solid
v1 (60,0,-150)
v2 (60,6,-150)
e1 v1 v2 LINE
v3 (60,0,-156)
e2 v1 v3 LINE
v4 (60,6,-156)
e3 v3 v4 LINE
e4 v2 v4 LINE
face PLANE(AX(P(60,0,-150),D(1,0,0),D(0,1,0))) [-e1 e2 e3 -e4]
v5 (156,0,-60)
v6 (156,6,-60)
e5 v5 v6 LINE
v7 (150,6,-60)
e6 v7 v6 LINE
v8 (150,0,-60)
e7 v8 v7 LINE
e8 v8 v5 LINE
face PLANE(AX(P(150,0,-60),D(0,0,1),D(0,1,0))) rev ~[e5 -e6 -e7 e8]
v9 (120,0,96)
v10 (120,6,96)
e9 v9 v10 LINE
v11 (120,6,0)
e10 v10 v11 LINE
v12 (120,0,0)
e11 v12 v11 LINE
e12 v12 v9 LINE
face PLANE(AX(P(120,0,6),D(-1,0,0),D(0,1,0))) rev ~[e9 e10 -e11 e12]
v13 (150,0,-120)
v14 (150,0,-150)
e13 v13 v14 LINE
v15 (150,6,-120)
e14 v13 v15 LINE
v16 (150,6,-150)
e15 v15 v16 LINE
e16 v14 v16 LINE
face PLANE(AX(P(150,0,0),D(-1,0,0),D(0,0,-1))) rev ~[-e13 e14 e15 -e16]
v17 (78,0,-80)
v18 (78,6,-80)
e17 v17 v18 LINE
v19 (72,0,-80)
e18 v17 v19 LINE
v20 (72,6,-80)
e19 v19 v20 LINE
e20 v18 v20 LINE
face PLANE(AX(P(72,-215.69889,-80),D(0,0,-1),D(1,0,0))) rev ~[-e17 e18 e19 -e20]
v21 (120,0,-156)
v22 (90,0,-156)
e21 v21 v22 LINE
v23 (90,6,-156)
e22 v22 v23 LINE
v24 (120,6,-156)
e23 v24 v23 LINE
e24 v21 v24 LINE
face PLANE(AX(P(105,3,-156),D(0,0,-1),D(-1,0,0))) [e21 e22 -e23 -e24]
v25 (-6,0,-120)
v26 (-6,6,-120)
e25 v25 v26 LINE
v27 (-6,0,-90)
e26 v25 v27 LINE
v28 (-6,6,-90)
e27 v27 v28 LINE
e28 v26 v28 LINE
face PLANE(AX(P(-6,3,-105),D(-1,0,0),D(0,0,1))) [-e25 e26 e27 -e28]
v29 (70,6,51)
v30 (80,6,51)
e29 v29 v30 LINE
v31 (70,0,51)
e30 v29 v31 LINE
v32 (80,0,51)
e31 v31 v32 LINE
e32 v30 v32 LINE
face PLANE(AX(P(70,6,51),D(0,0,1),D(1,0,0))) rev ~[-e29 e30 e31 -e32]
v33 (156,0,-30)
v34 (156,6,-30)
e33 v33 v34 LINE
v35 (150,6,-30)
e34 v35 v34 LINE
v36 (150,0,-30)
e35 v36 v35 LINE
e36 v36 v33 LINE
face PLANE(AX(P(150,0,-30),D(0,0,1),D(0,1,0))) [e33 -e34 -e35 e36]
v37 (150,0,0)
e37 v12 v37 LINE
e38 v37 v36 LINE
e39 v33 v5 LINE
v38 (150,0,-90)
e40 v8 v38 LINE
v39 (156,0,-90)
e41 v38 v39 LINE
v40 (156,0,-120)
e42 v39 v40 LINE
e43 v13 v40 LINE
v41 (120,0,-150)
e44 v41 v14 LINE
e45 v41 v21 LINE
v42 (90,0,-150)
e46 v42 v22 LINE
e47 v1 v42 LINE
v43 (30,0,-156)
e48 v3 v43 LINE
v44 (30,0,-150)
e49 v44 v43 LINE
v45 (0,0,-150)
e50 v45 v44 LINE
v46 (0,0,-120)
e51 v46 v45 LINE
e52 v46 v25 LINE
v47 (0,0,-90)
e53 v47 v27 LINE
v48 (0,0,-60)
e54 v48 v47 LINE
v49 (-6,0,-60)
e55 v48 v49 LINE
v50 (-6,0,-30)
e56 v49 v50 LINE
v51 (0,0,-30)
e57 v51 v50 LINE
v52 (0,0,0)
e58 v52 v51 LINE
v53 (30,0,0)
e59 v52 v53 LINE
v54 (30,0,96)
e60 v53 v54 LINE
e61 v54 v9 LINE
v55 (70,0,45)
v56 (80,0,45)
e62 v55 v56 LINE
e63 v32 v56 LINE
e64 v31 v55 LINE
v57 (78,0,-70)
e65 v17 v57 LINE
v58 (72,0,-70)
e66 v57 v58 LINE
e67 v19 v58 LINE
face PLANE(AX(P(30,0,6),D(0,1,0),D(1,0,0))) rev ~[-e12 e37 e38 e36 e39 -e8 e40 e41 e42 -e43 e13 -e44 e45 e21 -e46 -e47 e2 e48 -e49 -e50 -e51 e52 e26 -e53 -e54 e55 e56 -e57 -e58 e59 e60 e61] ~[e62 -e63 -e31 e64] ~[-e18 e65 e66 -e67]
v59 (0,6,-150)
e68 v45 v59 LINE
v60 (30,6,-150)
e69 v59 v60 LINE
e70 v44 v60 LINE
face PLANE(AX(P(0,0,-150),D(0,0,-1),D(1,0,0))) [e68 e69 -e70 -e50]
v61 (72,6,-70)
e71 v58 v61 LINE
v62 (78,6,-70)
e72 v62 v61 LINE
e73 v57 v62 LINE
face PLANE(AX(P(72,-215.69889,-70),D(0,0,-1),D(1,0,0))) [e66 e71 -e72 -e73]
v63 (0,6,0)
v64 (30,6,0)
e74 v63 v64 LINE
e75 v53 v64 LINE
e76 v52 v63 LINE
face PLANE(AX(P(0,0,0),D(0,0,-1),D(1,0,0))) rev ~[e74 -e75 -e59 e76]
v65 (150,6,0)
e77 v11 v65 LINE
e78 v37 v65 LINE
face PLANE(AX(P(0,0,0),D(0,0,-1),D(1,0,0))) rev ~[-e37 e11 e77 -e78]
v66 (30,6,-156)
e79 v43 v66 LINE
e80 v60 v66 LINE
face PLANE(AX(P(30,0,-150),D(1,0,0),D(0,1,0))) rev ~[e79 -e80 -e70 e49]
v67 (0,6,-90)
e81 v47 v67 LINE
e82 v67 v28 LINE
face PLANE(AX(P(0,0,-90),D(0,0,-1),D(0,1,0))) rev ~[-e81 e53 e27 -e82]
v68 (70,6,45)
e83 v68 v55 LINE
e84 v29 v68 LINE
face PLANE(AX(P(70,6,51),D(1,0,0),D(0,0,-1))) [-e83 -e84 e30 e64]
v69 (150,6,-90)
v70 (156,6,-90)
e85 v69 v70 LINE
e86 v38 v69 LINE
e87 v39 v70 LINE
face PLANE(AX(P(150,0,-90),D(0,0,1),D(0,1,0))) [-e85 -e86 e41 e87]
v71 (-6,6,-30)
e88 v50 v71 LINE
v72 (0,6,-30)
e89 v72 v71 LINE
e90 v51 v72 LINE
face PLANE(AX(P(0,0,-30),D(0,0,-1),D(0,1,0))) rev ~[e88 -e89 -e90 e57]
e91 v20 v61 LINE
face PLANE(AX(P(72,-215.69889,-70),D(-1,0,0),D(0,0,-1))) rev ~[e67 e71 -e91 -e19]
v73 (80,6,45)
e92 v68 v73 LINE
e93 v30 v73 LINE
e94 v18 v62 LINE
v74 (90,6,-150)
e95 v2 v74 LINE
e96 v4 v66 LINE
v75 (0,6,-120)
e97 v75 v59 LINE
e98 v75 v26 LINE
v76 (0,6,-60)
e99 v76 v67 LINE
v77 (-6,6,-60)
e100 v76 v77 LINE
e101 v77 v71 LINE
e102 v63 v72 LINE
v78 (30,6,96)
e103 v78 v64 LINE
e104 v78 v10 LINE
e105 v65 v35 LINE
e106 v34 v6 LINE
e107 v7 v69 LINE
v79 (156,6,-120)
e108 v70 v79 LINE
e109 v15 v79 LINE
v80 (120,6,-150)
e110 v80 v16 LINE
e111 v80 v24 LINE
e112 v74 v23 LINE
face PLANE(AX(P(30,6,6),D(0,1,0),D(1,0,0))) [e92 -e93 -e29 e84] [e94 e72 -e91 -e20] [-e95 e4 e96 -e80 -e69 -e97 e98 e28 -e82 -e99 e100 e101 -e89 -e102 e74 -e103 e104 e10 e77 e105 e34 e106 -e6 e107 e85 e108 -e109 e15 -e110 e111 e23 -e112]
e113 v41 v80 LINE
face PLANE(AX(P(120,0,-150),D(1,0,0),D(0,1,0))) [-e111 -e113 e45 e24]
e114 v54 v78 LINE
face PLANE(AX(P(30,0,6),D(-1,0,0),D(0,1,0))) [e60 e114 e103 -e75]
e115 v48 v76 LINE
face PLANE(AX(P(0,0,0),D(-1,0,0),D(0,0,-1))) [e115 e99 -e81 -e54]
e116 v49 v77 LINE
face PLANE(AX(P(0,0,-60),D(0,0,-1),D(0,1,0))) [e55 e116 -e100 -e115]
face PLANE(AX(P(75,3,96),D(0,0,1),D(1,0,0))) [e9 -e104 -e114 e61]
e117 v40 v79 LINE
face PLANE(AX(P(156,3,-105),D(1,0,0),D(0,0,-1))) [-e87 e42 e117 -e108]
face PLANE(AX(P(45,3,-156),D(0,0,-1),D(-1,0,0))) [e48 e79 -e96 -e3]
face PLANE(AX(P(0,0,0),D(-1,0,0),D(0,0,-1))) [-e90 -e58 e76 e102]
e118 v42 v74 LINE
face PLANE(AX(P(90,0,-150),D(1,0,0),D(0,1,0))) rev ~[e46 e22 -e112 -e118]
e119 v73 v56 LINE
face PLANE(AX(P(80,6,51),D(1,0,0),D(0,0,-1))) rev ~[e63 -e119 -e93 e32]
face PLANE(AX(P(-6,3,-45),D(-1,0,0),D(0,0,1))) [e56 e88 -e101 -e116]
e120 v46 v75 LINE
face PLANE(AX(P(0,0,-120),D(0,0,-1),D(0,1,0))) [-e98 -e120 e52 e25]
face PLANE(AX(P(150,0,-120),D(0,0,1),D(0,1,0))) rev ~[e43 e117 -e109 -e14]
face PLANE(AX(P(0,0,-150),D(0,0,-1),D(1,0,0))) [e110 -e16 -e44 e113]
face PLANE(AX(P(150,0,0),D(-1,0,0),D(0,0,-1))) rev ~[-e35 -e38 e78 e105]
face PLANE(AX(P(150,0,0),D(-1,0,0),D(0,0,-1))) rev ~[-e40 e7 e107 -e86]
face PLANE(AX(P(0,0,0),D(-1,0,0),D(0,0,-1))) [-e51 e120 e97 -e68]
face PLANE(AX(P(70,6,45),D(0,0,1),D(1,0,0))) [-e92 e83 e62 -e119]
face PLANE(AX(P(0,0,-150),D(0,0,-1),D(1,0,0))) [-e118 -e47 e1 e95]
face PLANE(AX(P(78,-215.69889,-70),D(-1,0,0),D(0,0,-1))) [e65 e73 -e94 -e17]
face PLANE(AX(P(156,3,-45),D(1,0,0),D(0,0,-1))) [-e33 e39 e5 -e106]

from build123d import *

# Parameters (mm, degrees)
ESBO_O1_W                  = 150
ESBO_O1_H                  = 150
RESSALTO_EXTRUS_O1_DEPTH   = 6
ESBO_O3_W                  = 30
ESBO_O3_H                  = 6
RESSALTO_EXTRUS_O3_DEPTH   = 6
ESBO_O6_W                  = 30
ESBO_O6_H                  = 6
RESSALTO_EXTRUS_O6_DEPTH   = 6
ESBO_O7_W                  = 30
ESBO_O7_H                  = 6
RESSALTO_EXTRUS_O8_DEPTH   = 6
ESBO_O9_W                  = 90
ESBO_O9_H                  = 6
RESSALTO_EXTRUS_O9_DEPTH   = 6
ESBO_O10_W                 = 90
ESBO_O10_H                 = 6
RESSALTO_EXTRUS_O10_DEPTH  = 90
ESBO_O11_W                 = 10
ESBO_O11_H                 = 6
CORTE_EXTRUS_O1_DEPTH      = 221.698889893
CORTE_EXTRUS_O2_DEPTH      = 221.698889893
CORTE_EXTRUS_O2_DEPTH_BACK = 221.698889893
ESBO_O12_W                 = 6
ESBO_O12_H                 = 10


with BuildPart() as part:
    # Esboço1 → Ressalto-extrusão1 (new body)
    with BuildSketch(Plane(origin=(0, 0, 0), x_dir=(1, 0, 0), z_dir=(0, 1, 0))):
        with Locations((75, 75)):
            Rectangle(ESBO_O1_W, ESBO_O1_H)
    extrude(amount=RESSALTO_EXTRUS_O1_DEPTH)

    # Esboço3 → Ressalto-extrusão3 (add)
    with BuildSketch(Plane(origin=(0, 0, -150), x_dir=(-1, 0, 0), z_dir=(0, 0, -1))):
        with Locations((-105, 3)):
            Rectangle(ESBO_O3_W, ESBO_O3_H)
        with Locations((-45, 3)):
            Rectangle(ESBO_O3_W, ESBO_O3_H)
    extrude(amount=RESSALTO_EXTRUS_O3_DEPTH)

    # Esboço6 → Ressalto-extrusão6 (add)
    with BuildSketch(Plane(origin=(150, 0, 0), x_dir=(0, 0, -1), z_dir=(1, 0, 0))):
        with Locations((45, 3)):
            Rectangle(ESBO_O6_W, ESBO_O6_H)
        with Locations((105, 3)):
            Rectangle(ESBO_O6_W, ESBO_O6_H)
    extrude(amount=RESSALTO_EXTRUS_O6_DEPTH)

    # Esboço7 → Ressalto-extrusão8 (add)
    with BuildSketch(Plane.ZY):
        with Locations((-105, 3)):
            Rectangle(ESBO_O7_W, ESBO_O7_H)
        with Locations((-45, 3)):
            Rectangle(ESBO_O7_W, ESBO_O7_H)
    extrude(amount=RESSALTO_EXTRUS_O8_DEPTH)

    # Esboço9 → Ressalto-extrusão9 (add)
    with BuildSketch(Plane.XY):
        with Locations((75, 3)):
            Rectangle(ESBO_O9_W, ESBO_O9_H)
    extrude(amount=RESSALTO_EXTRUS_O9_DEPTH)

    # Esboço10 → Ressalto-extrusão10 (add)
    with BuildSketch(Plane.XY.offset(6)):
        with Locations((75, 3)):
            Rectangle(ESBO_O10_W, ESBO_O10_H)
    extrude(amount=RESSALTO_EXTRUS_O10_DEPTH)

    # Esboço11 → Corte-extrusão1 (cut, through all)
    with BuildSketch(Plane(origin=(0, 6, 0), x_dir=(1, 0, 0), z_dir=(0, 1, 0))):
        with Locations((75, -48)):
            Rectangle(ESBO_O11_W, ESBO_O11_H)
    extrude(amount=-CORTE_EXTRUS_O1_DEPTH, mode=Mode.SUBTRACT)

    # Esboço12 → Corte-extrusão2 (cut, two sides: drawn at the far end of the back side and taken through both)
    with BuildSketch(Plane(origin=(0, 6, 0), x_dir=(1, 0, 0), z_dir=(0, 1, 0)).offset(-CORTE_EXTRUS_O2_DEPTH_BACK)):
        with Locations((75, 75)):
            Rectangle(ESBO_O12_W, ESBO_O12_H)
    extrude(amount=CORTE_EXTRUS_O2_DEPTH + CORTE_EXTRUS_O2_DEPTH_BACK, mode=Mode.SUBTRACT)


solid = part.part
